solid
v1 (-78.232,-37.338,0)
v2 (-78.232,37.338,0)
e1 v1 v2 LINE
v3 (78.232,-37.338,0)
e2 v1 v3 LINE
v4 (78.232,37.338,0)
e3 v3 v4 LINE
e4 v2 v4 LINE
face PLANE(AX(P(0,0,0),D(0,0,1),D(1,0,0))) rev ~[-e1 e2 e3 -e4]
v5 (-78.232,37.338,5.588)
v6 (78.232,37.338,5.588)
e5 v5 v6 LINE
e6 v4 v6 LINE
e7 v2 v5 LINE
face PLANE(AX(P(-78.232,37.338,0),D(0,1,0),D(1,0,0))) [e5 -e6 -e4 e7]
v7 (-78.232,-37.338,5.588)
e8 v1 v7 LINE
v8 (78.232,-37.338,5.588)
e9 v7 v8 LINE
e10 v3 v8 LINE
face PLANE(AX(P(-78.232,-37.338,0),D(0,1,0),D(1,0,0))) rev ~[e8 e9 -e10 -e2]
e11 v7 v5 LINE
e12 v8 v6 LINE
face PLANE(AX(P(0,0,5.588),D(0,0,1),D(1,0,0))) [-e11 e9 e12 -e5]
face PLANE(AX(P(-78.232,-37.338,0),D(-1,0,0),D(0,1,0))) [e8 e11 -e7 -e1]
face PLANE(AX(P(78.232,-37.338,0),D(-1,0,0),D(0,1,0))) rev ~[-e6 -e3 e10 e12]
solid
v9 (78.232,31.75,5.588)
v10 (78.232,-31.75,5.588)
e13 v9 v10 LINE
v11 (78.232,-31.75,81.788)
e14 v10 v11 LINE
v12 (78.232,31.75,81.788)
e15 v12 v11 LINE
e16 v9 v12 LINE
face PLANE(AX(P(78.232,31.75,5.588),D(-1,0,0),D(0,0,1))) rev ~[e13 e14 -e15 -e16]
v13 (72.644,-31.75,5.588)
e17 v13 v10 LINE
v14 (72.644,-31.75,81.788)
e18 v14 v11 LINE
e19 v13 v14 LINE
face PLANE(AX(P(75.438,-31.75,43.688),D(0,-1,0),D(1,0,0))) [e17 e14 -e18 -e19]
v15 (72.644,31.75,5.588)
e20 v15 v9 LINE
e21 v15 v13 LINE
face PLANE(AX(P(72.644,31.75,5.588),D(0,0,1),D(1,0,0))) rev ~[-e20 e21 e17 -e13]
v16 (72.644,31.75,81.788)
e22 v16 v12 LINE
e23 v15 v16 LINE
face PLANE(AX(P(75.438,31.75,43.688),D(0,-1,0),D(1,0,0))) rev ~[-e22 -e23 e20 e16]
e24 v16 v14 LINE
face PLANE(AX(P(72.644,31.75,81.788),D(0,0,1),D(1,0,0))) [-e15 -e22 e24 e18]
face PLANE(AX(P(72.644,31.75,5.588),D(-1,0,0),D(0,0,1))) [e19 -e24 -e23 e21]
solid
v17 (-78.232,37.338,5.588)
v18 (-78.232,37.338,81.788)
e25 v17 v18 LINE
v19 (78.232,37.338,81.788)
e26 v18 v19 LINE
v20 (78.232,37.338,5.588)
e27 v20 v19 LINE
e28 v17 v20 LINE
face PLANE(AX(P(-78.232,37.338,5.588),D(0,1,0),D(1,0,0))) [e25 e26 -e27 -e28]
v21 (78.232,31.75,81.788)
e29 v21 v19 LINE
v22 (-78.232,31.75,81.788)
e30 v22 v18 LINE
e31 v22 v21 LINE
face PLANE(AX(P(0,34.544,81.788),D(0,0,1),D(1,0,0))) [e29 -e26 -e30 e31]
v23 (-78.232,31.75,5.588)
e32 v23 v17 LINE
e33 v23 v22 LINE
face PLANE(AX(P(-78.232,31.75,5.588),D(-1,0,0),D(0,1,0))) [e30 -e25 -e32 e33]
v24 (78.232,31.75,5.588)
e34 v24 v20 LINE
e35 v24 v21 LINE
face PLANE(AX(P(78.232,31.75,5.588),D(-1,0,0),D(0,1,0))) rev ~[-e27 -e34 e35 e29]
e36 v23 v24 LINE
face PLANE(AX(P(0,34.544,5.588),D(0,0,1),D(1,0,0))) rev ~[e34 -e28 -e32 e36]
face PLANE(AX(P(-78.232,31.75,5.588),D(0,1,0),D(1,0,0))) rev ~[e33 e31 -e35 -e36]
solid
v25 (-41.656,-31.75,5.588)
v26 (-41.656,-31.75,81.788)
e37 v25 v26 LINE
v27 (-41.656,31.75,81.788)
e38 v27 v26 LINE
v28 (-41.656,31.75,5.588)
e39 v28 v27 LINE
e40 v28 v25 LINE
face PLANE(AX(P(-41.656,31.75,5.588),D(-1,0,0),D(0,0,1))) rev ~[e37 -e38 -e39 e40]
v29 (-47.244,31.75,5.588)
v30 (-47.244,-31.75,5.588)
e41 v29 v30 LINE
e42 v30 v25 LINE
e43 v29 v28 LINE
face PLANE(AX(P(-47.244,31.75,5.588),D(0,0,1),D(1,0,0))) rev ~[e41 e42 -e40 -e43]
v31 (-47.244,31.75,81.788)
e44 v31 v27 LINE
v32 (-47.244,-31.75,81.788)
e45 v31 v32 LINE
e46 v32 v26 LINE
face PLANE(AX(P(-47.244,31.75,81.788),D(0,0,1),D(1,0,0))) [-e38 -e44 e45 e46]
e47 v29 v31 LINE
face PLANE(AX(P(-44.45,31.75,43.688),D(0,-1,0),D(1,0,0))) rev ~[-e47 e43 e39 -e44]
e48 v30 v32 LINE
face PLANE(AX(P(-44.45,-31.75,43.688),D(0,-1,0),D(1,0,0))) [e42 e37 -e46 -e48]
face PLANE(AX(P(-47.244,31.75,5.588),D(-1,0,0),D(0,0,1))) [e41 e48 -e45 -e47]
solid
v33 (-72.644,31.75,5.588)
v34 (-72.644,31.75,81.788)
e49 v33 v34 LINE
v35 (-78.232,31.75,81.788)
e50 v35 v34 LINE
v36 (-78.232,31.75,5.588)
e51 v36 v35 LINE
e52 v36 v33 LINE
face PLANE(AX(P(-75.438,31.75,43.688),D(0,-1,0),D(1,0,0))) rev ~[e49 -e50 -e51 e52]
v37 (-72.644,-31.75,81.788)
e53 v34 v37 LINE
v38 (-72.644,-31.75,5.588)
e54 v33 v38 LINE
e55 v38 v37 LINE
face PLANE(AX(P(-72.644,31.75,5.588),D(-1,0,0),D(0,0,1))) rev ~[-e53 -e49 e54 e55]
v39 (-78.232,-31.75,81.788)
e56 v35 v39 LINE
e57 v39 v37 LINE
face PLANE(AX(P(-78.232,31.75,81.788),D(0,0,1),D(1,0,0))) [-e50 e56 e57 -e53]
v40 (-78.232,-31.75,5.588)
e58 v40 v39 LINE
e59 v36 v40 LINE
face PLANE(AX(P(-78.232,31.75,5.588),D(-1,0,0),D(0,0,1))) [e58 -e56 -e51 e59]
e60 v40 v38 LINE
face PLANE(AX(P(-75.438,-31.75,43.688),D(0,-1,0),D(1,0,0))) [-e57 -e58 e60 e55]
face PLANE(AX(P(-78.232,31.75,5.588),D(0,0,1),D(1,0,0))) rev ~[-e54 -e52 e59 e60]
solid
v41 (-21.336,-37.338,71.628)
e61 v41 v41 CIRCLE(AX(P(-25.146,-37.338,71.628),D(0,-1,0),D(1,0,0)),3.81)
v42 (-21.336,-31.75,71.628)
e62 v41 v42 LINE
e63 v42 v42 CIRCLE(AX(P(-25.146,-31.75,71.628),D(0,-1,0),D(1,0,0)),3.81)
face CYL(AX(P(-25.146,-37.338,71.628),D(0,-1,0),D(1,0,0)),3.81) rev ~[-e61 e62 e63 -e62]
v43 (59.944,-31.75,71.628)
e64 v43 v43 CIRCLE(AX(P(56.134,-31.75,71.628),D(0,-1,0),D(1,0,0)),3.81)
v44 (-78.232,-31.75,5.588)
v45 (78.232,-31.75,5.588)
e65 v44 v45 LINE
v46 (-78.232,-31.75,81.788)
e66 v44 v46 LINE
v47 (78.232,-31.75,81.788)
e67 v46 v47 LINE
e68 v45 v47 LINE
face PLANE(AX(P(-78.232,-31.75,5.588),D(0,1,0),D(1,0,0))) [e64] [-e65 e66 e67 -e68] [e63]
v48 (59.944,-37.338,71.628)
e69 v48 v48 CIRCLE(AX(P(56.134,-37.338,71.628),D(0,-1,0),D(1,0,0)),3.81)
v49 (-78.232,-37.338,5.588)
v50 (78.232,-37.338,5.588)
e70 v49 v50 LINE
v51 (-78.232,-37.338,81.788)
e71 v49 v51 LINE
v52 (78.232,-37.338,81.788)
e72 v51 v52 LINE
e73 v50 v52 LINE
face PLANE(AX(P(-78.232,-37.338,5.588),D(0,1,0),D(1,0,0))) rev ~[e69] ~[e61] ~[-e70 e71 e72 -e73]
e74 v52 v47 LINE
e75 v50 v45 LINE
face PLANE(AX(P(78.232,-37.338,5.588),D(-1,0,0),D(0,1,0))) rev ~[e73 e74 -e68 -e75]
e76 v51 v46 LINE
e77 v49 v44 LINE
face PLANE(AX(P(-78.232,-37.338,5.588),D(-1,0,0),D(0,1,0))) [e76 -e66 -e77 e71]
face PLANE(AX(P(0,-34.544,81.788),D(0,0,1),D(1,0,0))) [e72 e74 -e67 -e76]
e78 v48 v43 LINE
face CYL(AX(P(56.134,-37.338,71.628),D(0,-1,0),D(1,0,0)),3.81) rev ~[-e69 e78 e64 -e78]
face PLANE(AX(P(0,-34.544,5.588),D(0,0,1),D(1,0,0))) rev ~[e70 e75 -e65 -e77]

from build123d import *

# Parameters (mm, degrees)
F0_W      = 156.464
F0_H      = 74.676
F1_DEPTH  = 5.588
F2_W      = 156.464
F2_H      = 5.588
F3_DEPTH  = 76.2
F4_W      = 156.464
F4_H      = 5.588
F5_DEPTH  = 76.2
F6_W      = 5.588
F6_H      = 76.2
F7_DEPTH  = 63.5
F8_W      = 5.588
F8_H      = 76.2
F9_DEPTH  = 63.5
F10_W     = 5.588
F10_H     = 76.2
F11_DEPTH = 63.5
F12_R     = 3.81
F13_DEPTH = 5.588


with BuildPart() as f1:
    # F0 (on Top) → F1 (new body)
    with BuildSketch(Plane.XY):
        Rectangle(F0_W, F0_H)
    extrude(amount=F1_DEPTH)


with BuildPart() as f3:
    # F2 (on face) → F3 (new body)
    with BuildSketch(Plane.XY.offset(5.588)):
        with Locations((0, 34.544)):
            Rectangle(F2_W, F2_H)
    extrude(amount=F3_DEPTH)


with BuildPart() as f5:
    # F4 (on face) → F5 (new body)
    with BuildSketch(Plane.XY.offset(5.588)):
        with Locations((0, -34.544)):
            Rectangle(F4_W, F4_H)
    extrude(amount=F5_DEPTH)

    # F12 (on face) → F13 (cut, through all)
    with BuildSketch(Plane.XZ.offset(37.338)):
        with Locations((-25.146, 71.628)):
            Circle(F12_R)
        with Locations((56.134, 71.628)):
            Circle(F12_R)
    extrude(amount=-F13_DEPTH, mode=Mode.SUBTRACT)


with BuildPart() as f7:
    # F6 (on face) → F7 (new body, through all)
    with BuildSketch(Plane.XZ.offset(-31.75)):
        with Locations((-75.438, 43.688)):
            Rectangle(F6_W, F6_H)
    extrude(amount=F7_DEPTH)


with BuildPart() as f9:
    # F8 (on face) → F9 (new body, through all)
    with BuildSketch(Plane.XZ.offset(-31.75)):
        with Locations((75.438, 43.688)):
            Rectangle(F8_W, F8_H)
    extrude(amount=F9_DEPTH)


with BuildPart() as f11:
    # F10 (on face) → F11 (new body, through all)
    with BuildSketch(Plane.XZ.offset(-31.75)):
        with Locations((-44.45, 43.688)):
            Rectangle(F10_W, F10_H)
    extrude(amount=F11_DEPTH)


solid = Compound([f1.part, f3.part, f5.part, f7.part, f9.part, f11.part])
